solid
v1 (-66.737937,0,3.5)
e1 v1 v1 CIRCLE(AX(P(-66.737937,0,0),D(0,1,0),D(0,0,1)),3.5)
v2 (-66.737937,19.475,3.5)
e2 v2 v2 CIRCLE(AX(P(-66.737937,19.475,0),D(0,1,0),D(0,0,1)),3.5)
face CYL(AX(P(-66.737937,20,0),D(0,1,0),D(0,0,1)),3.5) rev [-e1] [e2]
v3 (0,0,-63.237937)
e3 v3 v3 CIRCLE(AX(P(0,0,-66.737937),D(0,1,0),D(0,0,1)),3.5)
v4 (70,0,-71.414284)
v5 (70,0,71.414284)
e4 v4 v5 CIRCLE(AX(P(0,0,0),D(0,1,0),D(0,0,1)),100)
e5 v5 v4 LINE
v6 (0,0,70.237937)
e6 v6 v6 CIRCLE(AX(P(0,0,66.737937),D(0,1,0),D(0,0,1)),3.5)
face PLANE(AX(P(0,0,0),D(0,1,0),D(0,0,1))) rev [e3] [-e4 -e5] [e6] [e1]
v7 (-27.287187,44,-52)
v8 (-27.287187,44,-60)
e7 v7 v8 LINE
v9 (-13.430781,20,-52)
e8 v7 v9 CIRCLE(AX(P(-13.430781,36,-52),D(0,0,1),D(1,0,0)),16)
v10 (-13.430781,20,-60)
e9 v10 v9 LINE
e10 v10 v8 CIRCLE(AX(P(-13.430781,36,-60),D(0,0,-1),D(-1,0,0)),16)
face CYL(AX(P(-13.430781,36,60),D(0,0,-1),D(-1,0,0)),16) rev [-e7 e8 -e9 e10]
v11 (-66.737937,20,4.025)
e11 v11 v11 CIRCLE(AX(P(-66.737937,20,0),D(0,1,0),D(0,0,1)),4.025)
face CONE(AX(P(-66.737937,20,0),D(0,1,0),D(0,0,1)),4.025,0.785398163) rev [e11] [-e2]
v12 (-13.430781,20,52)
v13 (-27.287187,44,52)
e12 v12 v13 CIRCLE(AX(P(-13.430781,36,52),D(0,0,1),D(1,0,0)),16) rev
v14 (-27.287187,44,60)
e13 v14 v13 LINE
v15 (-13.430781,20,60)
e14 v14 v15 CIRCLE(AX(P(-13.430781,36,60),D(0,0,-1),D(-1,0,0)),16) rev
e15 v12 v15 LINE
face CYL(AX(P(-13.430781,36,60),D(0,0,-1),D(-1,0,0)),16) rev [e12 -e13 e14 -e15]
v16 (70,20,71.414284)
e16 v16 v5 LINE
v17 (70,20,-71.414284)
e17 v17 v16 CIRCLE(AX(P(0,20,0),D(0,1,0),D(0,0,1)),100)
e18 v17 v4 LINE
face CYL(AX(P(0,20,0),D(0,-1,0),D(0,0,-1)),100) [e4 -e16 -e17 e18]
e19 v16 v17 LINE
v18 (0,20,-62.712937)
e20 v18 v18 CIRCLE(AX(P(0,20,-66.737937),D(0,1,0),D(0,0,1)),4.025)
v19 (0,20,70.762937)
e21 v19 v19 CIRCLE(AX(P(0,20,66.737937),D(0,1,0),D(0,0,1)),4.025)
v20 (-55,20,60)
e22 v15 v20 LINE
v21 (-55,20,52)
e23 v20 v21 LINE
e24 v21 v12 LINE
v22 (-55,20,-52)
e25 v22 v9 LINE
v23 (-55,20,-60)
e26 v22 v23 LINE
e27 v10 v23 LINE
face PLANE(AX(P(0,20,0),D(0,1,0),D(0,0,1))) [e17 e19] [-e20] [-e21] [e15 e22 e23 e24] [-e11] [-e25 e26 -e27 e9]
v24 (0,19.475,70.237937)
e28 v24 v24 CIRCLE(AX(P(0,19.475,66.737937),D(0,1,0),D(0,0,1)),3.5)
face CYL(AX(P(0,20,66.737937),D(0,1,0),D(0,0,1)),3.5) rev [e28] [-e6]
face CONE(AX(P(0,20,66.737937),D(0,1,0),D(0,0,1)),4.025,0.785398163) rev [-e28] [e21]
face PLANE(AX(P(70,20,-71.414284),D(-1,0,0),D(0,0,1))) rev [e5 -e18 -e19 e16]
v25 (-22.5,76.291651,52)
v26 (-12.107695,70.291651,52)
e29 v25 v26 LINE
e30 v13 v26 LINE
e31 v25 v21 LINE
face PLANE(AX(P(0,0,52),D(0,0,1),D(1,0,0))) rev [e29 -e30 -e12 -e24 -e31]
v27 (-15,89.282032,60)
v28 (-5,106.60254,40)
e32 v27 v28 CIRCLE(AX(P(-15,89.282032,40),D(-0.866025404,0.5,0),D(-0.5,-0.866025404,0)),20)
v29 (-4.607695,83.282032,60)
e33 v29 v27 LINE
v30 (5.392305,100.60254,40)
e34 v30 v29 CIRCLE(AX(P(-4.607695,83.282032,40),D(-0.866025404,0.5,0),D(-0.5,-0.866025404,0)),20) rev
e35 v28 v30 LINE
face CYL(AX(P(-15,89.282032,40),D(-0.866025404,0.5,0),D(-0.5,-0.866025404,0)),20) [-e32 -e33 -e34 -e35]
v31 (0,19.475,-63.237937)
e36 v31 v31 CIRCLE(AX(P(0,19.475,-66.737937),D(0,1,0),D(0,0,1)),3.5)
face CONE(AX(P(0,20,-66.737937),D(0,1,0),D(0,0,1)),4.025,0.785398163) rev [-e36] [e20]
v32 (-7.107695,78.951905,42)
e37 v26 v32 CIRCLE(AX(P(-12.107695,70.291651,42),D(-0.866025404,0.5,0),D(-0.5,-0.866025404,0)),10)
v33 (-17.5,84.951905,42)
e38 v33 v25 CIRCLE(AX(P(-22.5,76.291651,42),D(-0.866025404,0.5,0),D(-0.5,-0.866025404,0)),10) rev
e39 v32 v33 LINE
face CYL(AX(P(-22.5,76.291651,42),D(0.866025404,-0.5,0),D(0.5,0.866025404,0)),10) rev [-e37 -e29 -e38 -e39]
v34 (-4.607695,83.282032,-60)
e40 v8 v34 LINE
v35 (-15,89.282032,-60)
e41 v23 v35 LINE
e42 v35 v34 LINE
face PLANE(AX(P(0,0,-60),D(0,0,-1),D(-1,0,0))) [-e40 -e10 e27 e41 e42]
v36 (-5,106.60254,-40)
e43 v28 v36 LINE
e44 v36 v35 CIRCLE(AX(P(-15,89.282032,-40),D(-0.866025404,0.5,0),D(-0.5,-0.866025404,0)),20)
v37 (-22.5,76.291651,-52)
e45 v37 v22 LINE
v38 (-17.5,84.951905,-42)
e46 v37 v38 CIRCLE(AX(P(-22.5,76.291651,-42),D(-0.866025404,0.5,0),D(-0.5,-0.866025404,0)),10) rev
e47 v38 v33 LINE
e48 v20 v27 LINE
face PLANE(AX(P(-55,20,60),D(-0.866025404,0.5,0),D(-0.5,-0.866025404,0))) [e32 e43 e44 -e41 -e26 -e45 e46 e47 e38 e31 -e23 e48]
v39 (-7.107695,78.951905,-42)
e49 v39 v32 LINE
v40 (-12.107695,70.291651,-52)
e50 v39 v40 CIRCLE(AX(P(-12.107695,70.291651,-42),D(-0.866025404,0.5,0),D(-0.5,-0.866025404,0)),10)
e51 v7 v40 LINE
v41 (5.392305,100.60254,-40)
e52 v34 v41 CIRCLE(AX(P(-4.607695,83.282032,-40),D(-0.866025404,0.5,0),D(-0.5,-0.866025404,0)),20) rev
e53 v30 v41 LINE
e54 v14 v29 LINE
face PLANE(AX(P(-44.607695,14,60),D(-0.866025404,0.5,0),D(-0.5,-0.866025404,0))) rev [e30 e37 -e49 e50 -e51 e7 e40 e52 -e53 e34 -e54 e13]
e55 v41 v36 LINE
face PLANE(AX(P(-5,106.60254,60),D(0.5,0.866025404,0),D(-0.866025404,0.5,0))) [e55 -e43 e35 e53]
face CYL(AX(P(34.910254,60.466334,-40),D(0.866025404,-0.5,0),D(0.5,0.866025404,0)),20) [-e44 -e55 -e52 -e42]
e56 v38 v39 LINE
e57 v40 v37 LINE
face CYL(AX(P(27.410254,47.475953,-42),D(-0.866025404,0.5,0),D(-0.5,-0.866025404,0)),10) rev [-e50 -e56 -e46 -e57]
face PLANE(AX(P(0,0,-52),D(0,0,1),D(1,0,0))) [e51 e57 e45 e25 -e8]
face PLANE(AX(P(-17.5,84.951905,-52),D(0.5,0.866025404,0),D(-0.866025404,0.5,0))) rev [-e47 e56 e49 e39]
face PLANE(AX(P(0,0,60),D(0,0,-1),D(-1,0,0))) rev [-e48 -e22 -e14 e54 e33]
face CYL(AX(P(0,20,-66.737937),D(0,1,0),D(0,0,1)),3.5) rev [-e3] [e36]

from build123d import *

# Parameters (mm, degrees)
EXTRUDE_2_DEPTH      = 20
EXTRUDE_2_2_DEPTH    = 60
CUT_EXTRUDE_2_DEPTH  = 52
FILLET_1_R           = 20
FILLET_2_R           = 10
FILLET_4_R           = 16
FILLET_5_R           = 16
M8X1_0_1_D           = 7
M8X1_0_1_CSINK_D     = 8.05
M8X1_0_1_CSINK_ANGLE = 90


with BuildPart() as part:
    # 草图1 → Extrude 2 (new body)
    with BuildSketch(Plane(origin=(0, 0, 0), x_dir=(1, 0, 0), z_dir=(0, 1, 0))):
        with BuildLine():
            Line((70, 71.414284285), (70, -71.414284285))
            ThreePointArc((70, -71.414284285), (-100, 0), (70, 71.414284285))
        make_face()
    extrude(amount=EXTRUDE_2_DEPTH)

    # 草图5 → Extrude 2 2 (add, symmetric)
    with BuildSketch(Plane.XY):
        Polygon((-55, 20), (-5, 106.602540378), (5.392304845, 100.602540378), (-44.607695155, 14), align=None)
    extrude(amount=EXTRUDE_2_2_DEPTH, both=True)

    # 草图7 → 切除-拉伸2 (cut, symmetric)
    with BuildSketch(Plane.XY):
        Polygon((-17.5, 84.951905284), (-7.107695155, 78.951905284), (-41.143593539, 20), (-55, 20), align=None)
    extrude(amount=CUT_EXTRUDE_2_DEPTH, both=True, mode=Mode.SUBTRACT)

    # 圆角1
    fillet_1_edges = [part.edges().sort_by_distance(p)[0] for p in [
        (0.196152423, 103.602540378, 60),
        (0.196152423, 103.602540378, -60),
    ]]
    fillet(fillet_1_edges, radius=FILLET_1_R)

    # 圆角2
    fillet_2_edges = [part.edges().sort_by_distance(p)[0] for p in [
        (-12.303847577, 81.951905284, -52),
        (-12.303847577, 81.951905284, 52),
    ]]
    fillet(fillet_2_edges, radius=FILLET_2_R)

    # 圆角4
    fillet_4_edges = [part.edges().sort_by_distance(p)[0] for p in [
        (-41.143593539, 20, -56),
    ]]
    fillet(fillet_4_edges, radius=FILLET_4_R)

    # 圆角5
    fillet_5_edges = [part.edges().sort_by_distance(p)[0] for p in [
        (-41.143593539, 20, 56),
    ]]
    fillet(fillet_5_edges, radius=FILLET_5_R)

    # M8x1.0 螺纹孔1 (through all)
    with Locations(Plane(origin=(0, 20, 0), x_dir=(1, 0, 0), z_dir=(0, 1, 0))):
        with Locations((-66.737936963, 0), (0, 66.737936963), (0, -66.737936963)):
            CounterSinkHole(M8X1_0_1_D / 2, M8X1_0_1_CSINK_D / 2, counter_sink_angle=M8X1_0_1_CSINK_ANGLE)


solid = part.part
